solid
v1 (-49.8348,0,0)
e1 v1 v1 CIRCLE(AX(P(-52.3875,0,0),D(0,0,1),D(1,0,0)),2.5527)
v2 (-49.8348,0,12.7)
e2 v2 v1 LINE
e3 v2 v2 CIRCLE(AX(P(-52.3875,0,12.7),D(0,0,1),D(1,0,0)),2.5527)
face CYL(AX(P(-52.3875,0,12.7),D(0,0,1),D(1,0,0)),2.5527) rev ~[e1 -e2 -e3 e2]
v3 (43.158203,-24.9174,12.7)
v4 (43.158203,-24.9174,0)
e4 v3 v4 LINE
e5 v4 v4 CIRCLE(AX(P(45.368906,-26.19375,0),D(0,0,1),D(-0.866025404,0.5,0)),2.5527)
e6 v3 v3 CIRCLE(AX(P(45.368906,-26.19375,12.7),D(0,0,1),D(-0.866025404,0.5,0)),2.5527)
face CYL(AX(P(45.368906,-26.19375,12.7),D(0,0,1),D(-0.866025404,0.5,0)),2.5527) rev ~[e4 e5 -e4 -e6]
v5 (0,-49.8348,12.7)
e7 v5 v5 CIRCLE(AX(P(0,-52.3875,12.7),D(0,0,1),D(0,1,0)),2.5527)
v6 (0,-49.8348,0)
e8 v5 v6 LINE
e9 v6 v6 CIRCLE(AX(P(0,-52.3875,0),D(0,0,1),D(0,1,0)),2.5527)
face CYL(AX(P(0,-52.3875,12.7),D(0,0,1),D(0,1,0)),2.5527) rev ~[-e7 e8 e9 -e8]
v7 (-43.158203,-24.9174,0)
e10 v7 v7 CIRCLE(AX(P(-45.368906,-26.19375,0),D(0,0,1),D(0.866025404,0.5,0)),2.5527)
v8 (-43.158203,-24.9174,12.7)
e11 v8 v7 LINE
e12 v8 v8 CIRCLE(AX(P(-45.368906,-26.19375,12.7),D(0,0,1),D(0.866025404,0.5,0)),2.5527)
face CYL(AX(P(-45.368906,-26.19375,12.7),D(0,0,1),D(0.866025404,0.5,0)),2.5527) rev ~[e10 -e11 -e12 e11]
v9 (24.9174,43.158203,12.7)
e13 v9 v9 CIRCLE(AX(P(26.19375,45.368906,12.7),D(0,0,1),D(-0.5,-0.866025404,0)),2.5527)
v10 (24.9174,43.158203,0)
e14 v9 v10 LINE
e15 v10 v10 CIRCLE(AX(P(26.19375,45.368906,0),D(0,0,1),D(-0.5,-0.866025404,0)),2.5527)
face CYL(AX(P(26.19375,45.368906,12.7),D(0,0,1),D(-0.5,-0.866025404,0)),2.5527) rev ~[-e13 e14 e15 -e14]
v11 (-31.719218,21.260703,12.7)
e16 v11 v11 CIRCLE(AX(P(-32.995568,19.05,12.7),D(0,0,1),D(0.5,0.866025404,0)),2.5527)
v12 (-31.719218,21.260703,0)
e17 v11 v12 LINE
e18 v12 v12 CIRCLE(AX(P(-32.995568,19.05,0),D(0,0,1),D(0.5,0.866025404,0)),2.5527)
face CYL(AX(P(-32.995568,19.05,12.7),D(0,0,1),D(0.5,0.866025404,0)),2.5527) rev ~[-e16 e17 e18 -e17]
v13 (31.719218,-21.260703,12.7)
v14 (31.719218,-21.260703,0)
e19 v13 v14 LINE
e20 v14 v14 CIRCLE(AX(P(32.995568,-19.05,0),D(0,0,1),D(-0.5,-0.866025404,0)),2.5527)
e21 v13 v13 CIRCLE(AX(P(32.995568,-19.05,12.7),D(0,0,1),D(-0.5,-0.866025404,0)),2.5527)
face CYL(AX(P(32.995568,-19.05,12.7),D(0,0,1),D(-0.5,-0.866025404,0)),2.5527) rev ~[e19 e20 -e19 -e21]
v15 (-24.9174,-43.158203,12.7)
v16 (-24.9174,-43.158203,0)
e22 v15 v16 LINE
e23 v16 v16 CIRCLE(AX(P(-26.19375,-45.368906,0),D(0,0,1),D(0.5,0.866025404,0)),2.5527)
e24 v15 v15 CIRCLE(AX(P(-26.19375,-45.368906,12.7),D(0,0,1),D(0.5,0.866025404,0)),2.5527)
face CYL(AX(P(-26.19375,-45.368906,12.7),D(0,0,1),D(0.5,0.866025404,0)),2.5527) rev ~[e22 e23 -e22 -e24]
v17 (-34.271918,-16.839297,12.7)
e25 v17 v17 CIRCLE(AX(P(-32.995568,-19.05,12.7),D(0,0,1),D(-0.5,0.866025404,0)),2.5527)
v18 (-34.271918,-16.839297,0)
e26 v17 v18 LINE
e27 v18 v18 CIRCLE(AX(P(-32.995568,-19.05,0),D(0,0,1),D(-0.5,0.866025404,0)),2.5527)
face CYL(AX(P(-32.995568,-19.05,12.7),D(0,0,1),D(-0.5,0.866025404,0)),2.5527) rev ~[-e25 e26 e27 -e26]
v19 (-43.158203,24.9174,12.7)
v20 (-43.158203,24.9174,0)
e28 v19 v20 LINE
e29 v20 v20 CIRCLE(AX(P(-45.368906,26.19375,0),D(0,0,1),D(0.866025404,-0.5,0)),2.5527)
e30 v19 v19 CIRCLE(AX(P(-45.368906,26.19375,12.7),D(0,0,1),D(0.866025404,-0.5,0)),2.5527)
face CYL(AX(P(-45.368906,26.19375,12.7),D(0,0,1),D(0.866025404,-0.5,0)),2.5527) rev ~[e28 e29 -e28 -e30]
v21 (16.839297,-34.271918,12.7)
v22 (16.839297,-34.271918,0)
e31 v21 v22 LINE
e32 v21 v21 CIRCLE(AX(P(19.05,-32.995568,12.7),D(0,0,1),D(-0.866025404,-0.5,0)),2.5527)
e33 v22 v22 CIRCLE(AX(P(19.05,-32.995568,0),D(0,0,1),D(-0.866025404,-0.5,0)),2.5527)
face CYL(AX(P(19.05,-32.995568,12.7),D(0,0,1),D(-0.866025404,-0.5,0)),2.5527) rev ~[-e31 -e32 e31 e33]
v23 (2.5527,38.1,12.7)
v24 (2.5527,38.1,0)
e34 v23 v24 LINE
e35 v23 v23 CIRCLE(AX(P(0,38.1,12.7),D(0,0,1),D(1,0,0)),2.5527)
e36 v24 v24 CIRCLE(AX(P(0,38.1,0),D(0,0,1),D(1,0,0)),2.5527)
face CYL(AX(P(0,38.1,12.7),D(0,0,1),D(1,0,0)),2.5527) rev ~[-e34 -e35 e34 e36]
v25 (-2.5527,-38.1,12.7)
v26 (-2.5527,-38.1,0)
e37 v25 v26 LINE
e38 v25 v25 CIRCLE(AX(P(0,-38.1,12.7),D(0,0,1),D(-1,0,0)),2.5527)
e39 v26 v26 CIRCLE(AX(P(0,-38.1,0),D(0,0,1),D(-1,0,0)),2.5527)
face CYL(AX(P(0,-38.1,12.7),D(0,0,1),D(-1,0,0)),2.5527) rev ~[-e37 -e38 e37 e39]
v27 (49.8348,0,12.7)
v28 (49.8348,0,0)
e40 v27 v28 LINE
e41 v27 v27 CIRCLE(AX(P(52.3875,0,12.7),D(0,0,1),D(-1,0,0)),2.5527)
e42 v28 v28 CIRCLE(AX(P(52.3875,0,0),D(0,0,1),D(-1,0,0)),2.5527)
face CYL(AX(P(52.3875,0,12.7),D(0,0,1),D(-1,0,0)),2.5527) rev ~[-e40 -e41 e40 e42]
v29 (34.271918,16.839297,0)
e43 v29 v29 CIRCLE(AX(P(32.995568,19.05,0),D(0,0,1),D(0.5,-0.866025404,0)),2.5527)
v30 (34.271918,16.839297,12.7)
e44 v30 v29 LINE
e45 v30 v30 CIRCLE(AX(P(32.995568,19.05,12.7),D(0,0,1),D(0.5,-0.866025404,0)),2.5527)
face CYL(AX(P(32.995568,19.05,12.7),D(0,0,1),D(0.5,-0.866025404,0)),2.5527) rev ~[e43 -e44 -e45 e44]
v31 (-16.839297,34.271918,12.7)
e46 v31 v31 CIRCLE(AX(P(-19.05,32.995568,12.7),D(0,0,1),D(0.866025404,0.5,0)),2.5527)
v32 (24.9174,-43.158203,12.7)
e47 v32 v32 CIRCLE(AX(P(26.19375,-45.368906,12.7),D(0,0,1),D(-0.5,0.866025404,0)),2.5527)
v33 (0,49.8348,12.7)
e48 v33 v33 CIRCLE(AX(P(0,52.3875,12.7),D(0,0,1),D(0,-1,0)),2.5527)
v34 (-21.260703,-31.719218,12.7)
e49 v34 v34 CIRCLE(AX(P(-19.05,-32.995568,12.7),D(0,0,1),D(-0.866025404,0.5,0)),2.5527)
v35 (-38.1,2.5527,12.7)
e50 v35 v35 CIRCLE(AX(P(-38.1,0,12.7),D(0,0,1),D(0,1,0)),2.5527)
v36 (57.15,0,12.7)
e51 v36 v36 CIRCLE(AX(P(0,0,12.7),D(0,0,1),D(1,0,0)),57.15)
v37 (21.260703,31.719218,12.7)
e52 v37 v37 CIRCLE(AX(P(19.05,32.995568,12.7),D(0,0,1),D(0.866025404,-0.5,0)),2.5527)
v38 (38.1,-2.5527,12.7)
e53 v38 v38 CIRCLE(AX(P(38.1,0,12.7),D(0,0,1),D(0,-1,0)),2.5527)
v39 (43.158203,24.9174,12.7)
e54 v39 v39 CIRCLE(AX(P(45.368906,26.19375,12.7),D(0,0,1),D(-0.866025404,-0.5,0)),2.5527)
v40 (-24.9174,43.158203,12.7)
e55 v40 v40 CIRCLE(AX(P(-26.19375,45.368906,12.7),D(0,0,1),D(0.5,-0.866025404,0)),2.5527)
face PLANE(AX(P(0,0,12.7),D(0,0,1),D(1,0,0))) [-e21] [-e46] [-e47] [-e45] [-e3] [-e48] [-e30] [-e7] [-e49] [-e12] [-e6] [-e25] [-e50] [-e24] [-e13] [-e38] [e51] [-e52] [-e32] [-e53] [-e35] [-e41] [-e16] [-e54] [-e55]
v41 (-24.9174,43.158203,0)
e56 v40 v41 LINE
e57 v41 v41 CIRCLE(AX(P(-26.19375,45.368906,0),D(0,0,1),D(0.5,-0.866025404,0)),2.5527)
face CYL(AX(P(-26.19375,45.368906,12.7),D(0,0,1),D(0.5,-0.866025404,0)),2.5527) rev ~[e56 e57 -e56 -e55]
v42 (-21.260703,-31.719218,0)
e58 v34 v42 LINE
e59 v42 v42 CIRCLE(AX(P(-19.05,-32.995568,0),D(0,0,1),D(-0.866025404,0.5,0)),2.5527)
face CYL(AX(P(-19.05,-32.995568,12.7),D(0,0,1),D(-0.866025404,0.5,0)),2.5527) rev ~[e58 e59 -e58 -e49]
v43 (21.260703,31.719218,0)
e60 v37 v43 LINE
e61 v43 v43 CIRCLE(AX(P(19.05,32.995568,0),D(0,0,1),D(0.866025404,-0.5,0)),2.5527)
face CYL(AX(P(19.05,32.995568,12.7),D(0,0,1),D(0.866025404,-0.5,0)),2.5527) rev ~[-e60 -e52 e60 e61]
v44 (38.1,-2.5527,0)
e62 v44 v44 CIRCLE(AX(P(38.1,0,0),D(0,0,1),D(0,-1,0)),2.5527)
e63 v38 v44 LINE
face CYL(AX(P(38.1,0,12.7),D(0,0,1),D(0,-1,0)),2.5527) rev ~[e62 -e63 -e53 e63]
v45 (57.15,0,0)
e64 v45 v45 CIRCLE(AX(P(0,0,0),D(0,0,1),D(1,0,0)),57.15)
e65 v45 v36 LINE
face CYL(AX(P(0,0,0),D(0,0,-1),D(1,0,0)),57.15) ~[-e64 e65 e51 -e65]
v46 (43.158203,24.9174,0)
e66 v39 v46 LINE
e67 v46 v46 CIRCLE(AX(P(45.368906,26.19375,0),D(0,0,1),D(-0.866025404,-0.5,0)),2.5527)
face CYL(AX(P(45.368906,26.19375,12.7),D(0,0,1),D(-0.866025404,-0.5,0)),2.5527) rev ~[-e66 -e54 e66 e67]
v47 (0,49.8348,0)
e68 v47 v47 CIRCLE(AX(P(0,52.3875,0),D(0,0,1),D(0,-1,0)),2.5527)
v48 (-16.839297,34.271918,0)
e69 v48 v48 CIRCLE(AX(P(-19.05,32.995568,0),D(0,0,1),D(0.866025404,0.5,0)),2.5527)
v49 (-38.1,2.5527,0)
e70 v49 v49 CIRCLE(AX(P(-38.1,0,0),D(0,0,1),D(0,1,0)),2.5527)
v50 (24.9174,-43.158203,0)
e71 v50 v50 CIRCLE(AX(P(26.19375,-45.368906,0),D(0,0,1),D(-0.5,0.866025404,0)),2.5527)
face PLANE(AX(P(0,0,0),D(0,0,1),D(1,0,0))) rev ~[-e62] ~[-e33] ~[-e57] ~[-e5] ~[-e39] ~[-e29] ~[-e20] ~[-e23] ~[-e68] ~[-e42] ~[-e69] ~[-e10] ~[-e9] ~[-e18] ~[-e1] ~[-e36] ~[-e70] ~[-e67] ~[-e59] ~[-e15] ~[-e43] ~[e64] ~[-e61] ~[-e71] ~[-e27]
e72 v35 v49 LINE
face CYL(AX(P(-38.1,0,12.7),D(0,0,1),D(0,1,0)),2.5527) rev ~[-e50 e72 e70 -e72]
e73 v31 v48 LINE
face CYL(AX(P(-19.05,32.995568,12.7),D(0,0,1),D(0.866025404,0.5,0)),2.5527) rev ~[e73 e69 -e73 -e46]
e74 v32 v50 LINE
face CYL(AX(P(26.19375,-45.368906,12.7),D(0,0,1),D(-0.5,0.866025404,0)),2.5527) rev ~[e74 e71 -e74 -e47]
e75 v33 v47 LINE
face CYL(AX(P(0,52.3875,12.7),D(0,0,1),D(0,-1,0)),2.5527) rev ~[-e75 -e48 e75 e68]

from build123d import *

# Parameters (mm, degrees)
F0_R     = 57.15
F1_DEPTH = 12.7
F2_R     = 2.5527
F3_DEPTH = 12.7
F5_COUNT = 12
F6_R     = 2.5527
F7_DEPTH = 12.7
F8_COUNT = 12


with BuildPart() as f1:
    # F0 (on Top) → F1 (new body)
    with BuildSketch(Plane.XY):
        Circle(F0_R)
    extrude(amount=F1_DEPTH)

    # F2 (on face) → F3 (cut, through all)
    with BuildSketch(Plane.XY.offset(12.7)):
        with Locations((-52.3875, 0)):
            Circle(F2_R)
    f3 = extrude(amount=-F3_DEPTH, mode=Mode.SUBTRACT)

    # F5: F3 ×12 about axis
    f5_axis = Axis((0, 0, 5.419571884), (0, 0, -1))
    for i in range(1, F5_COUNT):
        add(f3.rotate(f5_axis, i * 360 / F5_COUNT), mode=Mode.SUBTRACT)

    # F6 (on face) → F7 (cut, through all)
    with BuildSketch(Plane.XY.offset(12.7)):
        with Locations((0, 38.1)):
            Circle(F6_R)
    f7 = extrude(amount=-F7_DEPTH, mode=Mode.SUBTRACT)

    # F8: F7 ×12 about axis
    f8_axis = Axis((0, 0, 5.419571884), (0, 0, -1))
    for i in range(1, F8_COUNT):
        add(f7.rotate(f8_axis, i * 360 / F8_COUNT), mode=Mode.SUBTRACT)


solid = f1.part
